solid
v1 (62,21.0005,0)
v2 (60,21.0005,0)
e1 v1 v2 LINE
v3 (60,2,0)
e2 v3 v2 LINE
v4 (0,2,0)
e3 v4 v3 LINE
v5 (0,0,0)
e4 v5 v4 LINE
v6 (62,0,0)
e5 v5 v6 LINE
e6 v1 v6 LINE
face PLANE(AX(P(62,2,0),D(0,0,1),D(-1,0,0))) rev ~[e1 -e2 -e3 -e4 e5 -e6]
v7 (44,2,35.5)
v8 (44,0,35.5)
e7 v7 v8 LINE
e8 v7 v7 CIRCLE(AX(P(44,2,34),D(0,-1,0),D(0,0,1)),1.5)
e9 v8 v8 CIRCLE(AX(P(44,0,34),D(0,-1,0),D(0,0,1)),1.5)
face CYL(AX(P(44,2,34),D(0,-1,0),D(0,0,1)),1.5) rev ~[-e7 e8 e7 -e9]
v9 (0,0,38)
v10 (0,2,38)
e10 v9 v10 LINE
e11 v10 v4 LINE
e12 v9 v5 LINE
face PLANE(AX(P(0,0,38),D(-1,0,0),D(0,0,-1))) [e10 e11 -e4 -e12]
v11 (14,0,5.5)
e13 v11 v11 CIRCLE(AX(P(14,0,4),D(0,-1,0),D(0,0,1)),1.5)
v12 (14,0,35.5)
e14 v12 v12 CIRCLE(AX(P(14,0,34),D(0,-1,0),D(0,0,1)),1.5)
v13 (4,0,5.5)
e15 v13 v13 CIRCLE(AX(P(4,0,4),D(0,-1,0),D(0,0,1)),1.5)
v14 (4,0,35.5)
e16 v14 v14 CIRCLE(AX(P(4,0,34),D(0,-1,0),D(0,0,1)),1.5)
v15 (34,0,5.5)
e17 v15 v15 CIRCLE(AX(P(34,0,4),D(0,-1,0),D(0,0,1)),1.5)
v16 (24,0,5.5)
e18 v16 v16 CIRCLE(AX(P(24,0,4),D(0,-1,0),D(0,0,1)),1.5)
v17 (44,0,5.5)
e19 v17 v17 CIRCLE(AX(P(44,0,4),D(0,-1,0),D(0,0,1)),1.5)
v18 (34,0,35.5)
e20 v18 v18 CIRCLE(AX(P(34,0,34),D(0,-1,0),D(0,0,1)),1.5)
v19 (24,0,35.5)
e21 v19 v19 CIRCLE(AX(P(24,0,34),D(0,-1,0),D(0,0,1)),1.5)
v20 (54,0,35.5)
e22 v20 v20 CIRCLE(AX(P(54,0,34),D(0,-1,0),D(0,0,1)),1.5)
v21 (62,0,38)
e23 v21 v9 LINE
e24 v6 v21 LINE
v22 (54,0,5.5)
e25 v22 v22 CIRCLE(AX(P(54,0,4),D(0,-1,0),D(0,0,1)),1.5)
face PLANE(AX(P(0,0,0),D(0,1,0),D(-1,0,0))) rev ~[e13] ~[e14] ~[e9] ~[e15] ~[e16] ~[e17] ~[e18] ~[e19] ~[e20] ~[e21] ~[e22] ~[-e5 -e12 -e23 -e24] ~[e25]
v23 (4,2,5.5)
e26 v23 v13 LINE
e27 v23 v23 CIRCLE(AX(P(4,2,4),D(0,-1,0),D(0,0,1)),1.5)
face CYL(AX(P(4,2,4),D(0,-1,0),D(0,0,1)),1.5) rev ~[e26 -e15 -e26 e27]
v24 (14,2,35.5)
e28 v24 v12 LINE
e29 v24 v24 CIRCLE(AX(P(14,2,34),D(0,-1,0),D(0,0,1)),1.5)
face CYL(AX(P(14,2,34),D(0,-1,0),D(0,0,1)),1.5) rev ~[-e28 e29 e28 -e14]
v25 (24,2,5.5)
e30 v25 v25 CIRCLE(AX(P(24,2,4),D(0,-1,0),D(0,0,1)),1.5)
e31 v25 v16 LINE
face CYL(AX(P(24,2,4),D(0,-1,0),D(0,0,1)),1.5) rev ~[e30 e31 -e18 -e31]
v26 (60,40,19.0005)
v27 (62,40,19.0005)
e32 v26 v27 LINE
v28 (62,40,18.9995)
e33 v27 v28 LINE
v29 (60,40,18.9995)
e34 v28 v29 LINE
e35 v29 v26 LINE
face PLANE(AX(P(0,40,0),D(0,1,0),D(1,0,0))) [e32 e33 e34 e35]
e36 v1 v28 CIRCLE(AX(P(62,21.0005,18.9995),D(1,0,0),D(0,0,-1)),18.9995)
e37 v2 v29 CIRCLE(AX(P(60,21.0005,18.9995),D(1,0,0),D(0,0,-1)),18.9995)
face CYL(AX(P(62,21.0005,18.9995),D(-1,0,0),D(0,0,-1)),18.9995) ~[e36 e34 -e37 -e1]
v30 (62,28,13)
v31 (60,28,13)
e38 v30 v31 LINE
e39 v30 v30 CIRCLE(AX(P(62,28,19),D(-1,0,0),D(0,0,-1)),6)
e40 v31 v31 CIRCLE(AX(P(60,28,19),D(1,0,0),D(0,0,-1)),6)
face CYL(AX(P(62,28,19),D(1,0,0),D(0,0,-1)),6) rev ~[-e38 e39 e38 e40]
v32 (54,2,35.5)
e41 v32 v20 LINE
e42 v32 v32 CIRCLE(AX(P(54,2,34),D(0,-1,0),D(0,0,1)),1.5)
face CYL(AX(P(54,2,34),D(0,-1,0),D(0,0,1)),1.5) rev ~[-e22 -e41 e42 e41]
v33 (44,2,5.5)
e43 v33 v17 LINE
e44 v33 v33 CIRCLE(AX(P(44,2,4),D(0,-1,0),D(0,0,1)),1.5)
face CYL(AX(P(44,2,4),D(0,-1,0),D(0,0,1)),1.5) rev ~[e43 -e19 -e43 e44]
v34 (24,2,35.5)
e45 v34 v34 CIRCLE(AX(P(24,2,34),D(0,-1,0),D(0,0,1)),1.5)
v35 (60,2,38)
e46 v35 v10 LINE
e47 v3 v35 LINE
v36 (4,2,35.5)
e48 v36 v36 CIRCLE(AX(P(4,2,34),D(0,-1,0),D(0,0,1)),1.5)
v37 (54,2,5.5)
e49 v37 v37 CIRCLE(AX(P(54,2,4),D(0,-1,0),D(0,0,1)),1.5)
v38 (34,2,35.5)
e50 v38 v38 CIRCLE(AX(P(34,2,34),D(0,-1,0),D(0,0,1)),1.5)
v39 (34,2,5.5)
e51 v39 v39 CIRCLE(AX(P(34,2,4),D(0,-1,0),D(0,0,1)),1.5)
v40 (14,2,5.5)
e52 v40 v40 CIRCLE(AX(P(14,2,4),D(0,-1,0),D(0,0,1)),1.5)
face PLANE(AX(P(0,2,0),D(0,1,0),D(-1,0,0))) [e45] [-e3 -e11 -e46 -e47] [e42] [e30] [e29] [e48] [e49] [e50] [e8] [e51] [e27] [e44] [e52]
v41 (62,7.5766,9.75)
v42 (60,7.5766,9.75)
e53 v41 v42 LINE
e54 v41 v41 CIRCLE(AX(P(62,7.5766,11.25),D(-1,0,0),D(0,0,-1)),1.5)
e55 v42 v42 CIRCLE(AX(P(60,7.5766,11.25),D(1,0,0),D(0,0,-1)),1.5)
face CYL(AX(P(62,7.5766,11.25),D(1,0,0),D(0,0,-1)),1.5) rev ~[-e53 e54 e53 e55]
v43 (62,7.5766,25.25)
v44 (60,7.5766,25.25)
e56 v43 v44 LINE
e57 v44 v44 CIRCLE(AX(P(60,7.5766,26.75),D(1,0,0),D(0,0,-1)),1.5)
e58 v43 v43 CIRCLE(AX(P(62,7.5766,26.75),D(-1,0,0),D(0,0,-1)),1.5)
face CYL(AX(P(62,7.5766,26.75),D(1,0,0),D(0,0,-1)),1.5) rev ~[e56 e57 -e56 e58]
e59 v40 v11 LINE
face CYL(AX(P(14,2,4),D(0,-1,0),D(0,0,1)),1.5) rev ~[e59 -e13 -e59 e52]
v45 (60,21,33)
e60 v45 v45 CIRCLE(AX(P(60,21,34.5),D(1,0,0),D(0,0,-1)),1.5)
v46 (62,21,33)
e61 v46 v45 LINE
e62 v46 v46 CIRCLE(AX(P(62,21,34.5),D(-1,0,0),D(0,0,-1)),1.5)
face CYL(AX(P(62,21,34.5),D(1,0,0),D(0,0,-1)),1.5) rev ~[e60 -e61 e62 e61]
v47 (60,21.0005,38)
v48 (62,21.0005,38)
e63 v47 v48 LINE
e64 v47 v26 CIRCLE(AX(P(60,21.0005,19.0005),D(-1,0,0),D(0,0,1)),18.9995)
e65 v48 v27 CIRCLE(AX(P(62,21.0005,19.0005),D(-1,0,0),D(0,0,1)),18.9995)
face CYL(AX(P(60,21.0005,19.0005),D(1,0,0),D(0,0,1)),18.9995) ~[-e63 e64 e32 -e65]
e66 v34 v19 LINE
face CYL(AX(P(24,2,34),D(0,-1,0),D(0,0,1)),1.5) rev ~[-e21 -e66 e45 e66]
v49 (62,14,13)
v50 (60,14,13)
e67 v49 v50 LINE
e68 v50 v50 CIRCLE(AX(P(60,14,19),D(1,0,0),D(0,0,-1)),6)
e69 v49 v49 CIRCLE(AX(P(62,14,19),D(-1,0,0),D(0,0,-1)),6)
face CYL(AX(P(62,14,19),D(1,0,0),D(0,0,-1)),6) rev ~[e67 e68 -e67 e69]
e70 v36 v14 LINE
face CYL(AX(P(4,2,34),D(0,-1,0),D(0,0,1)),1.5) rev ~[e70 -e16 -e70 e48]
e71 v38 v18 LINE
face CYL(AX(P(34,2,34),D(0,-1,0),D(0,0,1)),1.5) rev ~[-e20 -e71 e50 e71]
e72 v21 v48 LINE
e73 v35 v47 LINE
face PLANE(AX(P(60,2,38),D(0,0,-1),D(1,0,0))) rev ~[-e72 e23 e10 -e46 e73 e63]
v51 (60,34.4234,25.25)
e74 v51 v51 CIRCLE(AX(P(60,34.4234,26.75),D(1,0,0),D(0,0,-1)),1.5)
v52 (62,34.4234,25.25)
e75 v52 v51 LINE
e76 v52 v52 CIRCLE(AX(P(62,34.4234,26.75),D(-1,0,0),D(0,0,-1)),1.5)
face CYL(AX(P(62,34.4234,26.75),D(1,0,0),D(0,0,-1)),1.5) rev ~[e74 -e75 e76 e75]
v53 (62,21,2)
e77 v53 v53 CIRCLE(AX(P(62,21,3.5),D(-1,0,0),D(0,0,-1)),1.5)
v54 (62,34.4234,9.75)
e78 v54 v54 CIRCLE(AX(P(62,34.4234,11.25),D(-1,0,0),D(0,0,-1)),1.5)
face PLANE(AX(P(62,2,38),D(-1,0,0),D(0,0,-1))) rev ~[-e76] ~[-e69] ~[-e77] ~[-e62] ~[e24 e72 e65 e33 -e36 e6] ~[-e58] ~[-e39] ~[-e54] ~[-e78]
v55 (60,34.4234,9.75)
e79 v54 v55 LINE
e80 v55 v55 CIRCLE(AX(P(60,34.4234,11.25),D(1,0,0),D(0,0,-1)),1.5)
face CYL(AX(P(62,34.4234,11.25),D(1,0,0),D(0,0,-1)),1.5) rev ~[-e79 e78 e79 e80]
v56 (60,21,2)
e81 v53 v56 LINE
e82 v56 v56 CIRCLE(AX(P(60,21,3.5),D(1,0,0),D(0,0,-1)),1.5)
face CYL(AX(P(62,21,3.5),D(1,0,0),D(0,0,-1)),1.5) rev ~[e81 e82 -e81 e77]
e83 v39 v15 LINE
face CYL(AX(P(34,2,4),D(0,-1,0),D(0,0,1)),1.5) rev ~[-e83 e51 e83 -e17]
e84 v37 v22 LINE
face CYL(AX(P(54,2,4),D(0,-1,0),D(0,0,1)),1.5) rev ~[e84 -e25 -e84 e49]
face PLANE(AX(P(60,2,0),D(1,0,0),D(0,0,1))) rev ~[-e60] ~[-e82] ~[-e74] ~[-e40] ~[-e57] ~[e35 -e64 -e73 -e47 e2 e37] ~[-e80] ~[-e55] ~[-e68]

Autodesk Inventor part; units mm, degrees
ref_plane "YZ Plane" through (0, 0, 0) normal (1, 0, 0) x (0, 1, 0)
ref_plane "XZ Plane" through (0, 0, 0) normal (0, 1, 0) x (-1, 0, 0)
ref_plane "XY Plane" through (0, 0, 0) normal (0, 0, 1) x (1, 0, 0)
sketch "スケッチ1" plane through (0, 0, 0) normal (0, 1, 0) x (-1, 0, 0)
  line L0 (0, 0) -> (-62, 0)
  line L1 (-62, 0) -> (-62, 38)
  line L2 (-62, 38) -> (0, 38)
  line L3 (0, 38) -> (0, 0)
  dimension "d0" = 62
  dimension "d1" = 38
extrude "押し出し1" add sketch "スケッチ1" along normal blind 2
sketch "スケッチ2" plane through (0, 2, 0) normal (0, 1, 0) x (1, 0, 0)
  line L0 (0, 0) -> (0, -38) projected
  line L1 (62, -38) -> (62, 0) projected
  line L2 (0, 0) -> (4, 0)
  line L3 (4, 0) -> (4, -4)
  line L4 (4, -4) -> (0, -4)
  line L5 (0, -4) -> (0, 0)
  line L6 (4, -4) -> (14, -4)
  line L7 (14, -4) -> (24, -4)
  line L8 (24, -4) -> (34, -4)
  line L9 (34, -4) -> (44, -4)
  line L10 (44, -4) -> (54, -4)
  line L11 (0, -19) -> (62, -19)
  point P0 (4, -34)
  point P1 (14, -34)
  point P2 (24, -34)
  point P3 (34, -34)
  point P4 (44, -34)
  point P5 (54, -34)
  point P6 (4, -34)
  point P7 (14, -34)
  dimension "d4" = 4
  dimension "d5" = 4
  dimension "d6" = 10
  dimension "d7" = 10
  dimension "d8" = 10
  dimension "d9" = 10
  dimension "d10" = 10
hole "穴1" at (4, 2, 4) at (14, 2, 4) at (24, 2, 4) at (34, 2, 4) at (44, 2, 4) at (54, 2, 4) at (24, 2, 34) at (34, 2, 34) at (44, 2, 34) at (54, 2, 34) at (4, 2, 34) at (14, 2, 34) direction (0, -1, 0) diameter 3 depth 8 tip angle 118
sketch "スケッチ3" plane through (0, 2, 0) normal (0, 1, 0) x (1, 0, 0)
  line L0 (0, -38) -> (62, -38) projected
  line L1 (62, -38) -> (62, 0) projected
  line L2 (62, 0) -> (60, 0)
  line L3 (60, 0) -> (60, -38)
  line L4 (60, -38) -> (62, -38)
  line L5 (62, -38) -> (62, 0)
  dimension "d18" = 2
extrude "押し出し2" add sketch "スケッチ3" along normal blind 38
fillet "フィレット1" radius 19 2 edges at (61, 40, 38) (61, 40, 0)
sketch "スケッチ4" plane through (62, 0, 38) normal (1, 0, 0) x (0, 0, -1)
  arc A0 (38, 21) -> (0, 21) centre (19, 21) ccw projected
  line L0 (38, 0) -> (38, 21) projected
  circle A1 centre (19, 21) radius 15.5
  circle A2 centre (34.5, 21) radius 1.5
  circle A3 centre (26.75, 34.4234) radius 1.5
  circle A4 centre (11.25, 34.4234) radius 1.5
  circle A5 centre (3.5, 21) radius 1.5
  circle A6 centre (11.25, 7.5766) radius 1.5
  circle A7 centre (26.75, 7.5766) radius 1.5
  line L1 (19, 21) -> (19, 28)
  circle A8 centre (19, 28) radius 6
  line L2 (19, 21) -> (19, 14)
  circle A9 centre (19, 14) radius 6
  dimension "d22" = 31
  dimension "d23" = 3
  dimension "d26" = 360
  dimension "d28" = 7
  dimension "d29" = 12
  dimension "d30" = 7
  dimension "d31" = 12
extrude "押し出し3" cut sketch "スケッチ4" against normal blind 3 contours A1 A2 | A1 A2 | A3 A1 | A1 A3 | A7 A1 | A1 A7 | A4 A1 | A1 A4 | A6 A1 | A1 A6 | A5 A1 | A1 A5 | A8 | A9
properties part number "知能ロボコンタミヤギヤードモータ用マウント"
